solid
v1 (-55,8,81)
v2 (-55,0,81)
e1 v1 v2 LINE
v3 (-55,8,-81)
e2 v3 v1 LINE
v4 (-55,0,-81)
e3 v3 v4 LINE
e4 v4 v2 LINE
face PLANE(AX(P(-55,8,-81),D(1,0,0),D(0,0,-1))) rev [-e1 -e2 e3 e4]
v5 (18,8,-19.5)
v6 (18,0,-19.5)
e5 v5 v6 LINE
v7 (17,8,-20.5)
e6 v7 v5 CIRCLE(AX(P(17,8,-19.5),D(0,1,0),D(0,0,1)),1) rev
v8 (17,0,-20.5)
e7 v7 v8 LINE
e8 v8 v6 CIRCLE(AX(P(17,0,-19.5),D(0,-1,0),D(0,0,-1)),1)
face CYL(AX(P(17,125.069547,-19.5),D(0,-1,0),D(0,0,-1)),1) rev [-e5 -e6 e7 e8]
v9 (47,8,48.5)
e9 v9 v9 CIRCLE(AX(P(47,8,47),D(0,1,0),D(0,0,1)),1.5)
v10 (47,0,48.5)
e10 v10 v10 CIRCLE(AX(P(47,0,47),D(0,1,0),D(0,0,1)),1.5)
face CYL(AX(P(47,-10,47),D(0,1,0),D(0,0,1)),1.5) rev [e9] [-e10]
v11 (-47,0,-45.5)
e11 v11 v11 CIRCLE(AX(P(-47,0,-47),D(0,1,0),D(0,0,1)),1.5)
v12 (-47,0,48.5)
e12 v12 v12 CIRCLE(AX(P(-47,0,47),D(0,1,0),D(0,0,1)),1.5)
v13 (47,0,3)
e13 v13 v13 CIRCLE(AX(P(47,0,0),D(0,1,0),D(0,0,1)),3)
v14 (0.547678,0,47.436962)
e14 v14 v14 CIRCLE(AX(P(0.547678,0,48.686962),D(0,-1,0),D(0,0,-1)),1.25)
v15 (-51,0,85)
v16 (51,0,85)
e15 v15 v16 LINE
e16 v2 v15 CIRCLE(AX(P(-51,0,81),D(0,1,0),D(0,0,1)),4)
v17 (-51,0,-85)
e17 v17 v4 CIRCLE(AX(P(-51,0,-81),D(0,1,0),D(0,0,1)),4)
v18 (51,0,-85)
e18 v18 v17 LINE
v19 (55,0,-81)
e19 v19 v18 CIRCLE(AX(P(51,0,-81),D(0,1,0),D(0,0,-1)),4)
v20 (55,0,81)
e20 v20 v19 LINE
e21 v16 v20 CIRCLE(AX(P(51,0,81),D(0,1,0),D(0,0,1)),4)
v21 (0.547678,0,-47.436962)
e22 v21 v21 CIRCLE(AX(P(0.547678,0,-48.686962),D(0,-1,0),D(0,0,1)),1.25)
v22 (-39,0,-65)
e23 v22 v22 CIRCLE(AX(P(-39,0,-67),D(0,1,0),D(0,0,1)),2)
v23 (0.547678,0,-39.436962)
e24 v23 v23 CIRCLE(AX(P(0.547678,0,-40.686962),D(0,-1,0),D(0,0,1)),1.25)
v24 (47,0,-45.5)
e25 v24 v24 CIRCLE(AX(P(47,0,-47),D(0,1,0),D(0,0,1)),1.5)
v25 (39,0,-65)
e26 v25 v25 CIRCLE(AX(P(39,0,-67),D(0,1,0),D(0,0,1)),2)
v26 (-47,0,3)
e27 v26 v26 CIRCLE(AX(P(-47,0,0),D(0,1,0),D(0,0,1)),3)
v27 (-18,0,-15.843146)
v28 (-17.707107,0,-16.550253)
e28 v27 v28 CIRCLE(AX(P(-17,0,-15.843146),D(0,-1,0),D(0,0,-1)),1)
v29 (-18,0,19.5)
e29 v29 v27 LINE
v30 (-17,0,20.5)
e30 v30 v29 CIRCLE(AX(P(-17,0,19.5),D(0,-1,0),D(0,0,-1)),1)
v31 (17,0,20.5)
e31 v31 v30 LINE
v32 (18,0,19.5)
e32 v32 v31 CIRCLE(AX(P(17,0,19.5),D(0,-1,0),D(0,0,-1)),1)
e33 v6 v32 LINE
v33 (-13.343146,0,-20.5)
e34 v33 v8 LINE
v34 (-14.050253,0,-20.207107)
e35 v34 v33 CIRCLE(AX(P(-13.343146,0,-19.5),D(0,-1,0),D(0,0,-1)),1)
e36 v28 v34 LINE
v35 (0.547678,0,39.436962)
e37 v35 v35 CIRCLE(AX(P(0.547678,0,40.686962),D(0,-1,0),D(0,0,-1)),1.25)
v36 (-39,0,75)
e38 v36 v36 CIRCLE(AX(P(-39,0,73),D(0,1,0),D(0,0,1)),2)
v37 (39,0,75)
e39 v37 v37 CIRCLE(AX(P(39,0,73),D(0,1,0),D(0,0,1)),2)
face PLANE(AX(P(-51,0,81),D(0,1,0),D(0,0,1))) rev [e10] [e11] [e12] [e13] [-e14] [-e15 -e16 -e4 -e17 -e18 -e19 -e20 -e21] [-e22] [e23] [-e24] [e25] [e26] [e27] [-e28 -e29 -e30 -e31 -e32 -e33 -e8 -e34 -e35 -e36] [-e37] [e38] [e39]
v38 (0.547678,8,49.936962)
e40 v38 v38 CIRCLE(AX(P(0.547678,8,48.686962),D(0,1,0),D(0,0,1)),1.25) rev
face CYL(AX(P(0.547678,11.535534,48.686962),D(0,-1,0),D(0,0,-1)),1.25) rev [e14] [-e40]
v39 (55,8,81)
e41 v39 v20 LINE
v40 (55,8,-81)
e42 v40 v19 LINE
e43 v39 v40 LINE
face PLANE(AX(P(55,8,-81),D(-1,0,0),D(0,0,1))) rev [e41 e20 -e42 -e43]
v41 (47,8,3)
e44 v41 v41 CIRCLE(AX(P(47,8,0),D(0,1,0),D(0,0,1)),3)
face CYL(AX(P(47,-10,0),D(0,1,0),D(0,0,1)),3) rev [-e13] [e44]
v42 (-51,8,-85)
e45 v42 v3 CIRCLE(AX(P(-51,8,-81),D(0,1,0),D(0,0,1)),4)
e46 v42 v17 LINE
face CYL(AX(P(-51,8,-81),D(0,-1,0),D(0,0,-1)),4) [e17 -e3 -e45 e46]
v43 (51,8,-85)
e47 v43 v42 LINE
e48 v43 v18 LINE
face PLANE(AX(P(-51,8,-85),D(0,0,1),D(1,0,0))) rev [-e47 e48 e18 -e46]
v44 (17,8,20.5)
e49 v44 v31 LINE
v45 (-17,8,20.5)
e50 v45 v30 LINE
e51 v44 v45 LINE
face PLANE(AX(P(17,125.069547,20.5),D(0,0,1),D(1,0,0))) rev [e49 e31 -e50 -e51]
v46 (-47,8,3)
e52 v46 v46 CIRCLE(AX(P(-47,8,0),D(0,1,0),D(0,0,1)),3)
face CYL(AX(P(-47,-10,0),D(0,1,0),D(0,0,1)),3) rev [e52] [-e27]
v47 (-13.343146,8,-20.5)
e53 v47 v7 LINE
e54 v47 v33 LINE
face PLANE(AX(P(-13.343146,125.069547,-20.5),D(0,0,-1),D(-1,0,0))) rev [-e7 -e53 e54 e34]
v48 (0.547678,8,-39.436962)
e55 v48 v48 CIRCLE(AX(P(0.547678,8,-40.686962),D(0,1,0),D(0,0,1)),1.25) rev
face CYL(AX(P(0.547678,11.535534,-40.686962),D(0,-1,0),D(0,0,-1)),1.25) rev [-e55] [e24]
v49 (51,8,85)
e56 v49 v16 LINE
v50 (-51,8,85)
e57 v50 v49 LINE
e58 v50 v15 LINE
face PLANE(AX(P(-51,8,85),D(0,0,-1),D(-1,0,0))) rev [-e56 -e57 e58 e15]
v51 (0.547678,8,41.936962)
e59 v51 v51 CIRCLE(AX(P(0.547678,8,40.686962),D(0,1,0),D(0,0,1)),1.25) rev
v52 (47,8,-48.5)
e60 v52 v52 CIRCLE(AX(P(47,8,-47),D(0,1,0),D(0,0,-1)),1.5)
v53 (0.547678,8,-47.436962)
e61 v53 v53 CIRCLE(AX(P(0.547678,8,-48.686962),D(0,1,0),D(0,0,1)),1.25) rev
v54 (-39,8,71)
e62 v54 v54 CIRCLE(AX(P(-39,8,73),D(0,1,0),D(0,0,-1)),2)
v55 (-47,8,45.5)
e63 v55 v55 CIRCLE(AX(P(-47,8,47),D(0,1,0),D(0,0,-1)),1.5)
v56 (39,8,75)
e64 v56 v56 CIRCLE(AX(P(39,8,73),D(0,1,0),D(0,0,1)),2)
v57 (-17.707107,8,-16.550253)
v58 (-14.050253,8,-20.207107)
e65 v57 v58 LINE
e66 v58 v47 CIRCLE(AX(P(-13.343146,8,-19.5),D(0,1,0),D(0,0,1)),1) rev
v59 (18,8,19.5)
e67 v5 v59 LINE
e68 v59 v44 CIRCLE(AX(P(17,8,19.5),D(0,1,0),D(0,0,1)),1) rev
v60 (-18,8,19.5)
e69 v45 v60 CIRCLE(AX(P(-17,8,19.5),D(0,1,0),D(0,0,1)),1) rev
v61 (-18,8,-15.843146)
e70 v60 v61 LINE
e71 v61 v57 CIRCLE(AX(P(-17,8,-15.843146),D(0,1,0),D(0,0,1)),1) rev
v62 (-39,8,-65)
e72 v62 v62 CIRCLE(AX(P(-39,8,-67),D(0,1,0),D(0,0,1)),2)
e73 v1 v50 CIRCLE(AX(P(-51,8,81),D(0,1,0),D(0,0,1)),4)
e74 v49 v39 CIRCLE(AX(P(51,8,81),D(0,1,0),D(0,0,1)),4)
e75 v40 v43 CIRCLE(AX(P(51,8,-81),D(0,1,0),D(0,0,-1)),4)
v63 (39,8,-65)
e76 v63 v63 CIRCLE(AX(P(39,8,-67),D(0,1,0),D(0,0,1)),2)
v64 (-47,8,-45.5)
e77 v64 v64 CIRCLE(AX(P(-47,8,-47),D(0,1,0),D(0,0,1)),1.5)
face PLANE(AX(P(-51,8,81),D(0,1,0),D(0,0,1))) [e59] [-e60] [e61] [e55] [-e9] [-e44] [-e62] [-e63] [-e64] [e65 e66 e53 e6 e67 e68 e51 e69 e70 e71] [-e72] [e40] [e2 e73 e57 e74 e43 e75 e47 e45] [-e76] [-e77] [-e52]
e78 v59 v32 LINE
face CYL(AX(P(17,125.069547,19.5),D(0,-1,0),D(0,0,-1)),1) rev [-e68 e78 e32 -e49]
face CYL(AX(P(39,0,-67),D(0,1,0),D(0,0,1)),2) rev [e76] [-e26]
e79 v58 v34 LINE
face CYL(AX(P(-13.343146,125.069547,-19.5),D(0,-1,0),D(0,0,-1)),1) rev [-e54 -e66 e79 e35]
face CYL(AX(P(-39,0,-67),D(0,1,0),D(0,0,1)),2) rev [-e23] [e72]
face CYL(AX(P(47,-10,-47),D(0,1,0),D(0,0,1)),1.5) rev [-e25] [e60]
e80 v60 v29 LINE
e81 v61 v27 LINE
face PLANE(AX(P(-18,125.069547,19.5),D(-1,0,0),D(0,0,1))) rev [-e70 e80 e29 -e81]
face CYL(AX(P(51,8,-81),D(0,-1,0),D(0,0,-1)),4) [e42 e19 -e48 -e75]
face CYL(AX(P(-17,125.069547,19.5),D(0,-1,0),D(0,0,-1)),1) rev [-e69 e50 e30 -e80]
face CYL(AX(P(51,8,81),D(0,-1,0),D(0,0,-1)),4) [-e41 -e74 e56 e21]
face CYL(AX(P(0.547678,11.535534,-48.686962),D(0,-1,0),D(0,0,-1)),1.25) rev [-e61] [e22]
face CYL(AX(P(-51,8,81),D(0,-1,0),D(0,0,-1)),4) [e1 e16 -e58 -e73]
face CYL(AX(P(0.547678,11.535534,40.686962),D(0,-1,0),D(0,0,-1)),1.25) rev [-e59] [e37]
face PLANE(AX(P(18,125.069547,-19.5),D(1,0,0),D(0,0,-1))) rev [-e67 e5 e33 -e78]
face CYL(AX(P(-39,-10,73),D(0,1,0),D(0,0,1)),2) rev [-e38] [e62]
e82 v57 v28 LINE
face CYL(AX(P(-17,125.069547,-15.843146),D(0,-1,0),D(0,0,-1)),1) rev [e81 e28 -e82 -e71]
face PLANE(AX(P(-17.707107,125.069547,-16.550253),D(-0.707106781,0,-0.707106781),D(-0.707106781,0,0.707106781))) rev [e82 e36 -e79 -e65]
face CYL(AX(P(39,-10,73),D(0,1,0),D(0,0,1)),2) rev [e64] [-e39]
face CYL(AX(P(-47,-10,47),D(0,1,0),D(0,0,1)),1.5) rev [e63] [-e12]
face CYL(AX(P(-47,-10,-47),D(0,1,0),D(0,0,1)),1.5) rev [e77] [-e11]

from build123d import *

# Parameters (mm, degrees)
SALIENTE_EXTRUIR1_DEPTH = 8
CROQUIS2_R              = 2
CROQUIS2_R_2            = 1.5
CROQUIS2_R_3            = 3
CORTAR_EXTRUIR1_DEPTH   = 18
CROQUIS3_W              = 36
CROQUIS3_H              = 41
CORTAR_EXTRUIR2_DEPTH   = 8
CROQUIS4_W              = 50
CROQUIS4_H              = 90
CORTAR_EXTRUIR3_DEPTH   = 8
CROQUIS5_W              = 59.93105858
CROQUIS5_H              = 100.56613239
SALIENTE_EXTRUIR2_DEPTH = 8
CROQUIS7_W              = 94.273148937
CROQUIS7_H              = 8.636825756
SALIENTE_EXTRUIR3_DEPTH = 8
CROQUIS8_R              = 2
CORTAR_EXTRUIR4_DEPTH   = 102.557865279
CROQUIS9_R              = 1.25
CORTAR_EXTRUIR5_DEPTH   = 8


with BuildPart() as part:
    # Croquis1 → Saliente-Extruir1 (new body)
    with BuildSketch(Plane(origin=(0, 0, 0), x_dir=(1, 0, 0), z_dir=(0, 1, 0))):
        with BuildLine():
            Line((-51, 85), (51, 85))
            ThreePointArc((51, 85), (53.828427125, 83.828427125), (55, 81))
            Line((55, 81), (55, -81))
            ThreePointArc((55, -81), (53.828427125, -83.828427125), (51, -85))
            Line((51, -85), (-51, -85))
            ThreePointArc((-51, -85), (-53.828427125, -83.828427125), (-55, -81))
            Line((-55, -81), (-55, 81))
            ThreePointArc((-55, 81), (-53.828427125, 83.828427125), (-51, 85))
        make_face()
    extrude(amount=SALIENTE_EXTRUIR1_DEPTH)

    # Croquis2 → Cortar-Extruir1 (cut)
    with BuildSketch(Plane(origin=(0, 8, 0), x_dir=(1, 0, 0), z_dir=(0, 1, 0))):
        with Locations(Location((-39, 73, 0), (0, 0, 270))):
            Circle(CROQUIS2_R)
        with Locations(Location((-47, 47, 0), (0, 0, 270))):
            Circle(CROQUIS2_R_2)
        with Locations(Location((47, 47, 0), (0, 0, 270))):
            Circle(CROQUIS2_R_2)
        with Locations(Location((39, 73, 0), (0, 0, 270))):
            Circle(CROQUIS2_R)
        with Locations(Location((39, -73, 0), (0, 0, 270))):
            Circle(CROQUIS2_R)
        with Locations(Location((47, -47, 0), (0, 0, 270))):
            Circle(CROQUIS2_R_2)
        with Locations(Location((-47, -47, 0), (0, 0, 270))):
            Circle(CROQUIS2_R_2)
        with Locations(Location((-39, -73, 0), (0, 0, 270))):
            Circle(CROQUIS2_R)
        with Locations(Location((-47, 0, 0), (0, 0, 270))):
            Circle(CROQUIS2_R_3)
        with Locations(Location((47, 0, 0), (0, 0, 270))):
            Circle(CROQUIS2_R_3)
    extrude(amount=-CORTAR_EXTRUIR1_DEPTH, mode=Mode.SUBTRACT)

    # Croquis3 → Cortar-Extruir2 (cut)
    with BuildSketch(Plane(origin=(0, 8, 0), x_dir=(1, 0, 0), z_dir=(0, 1, 0))):
        Rectangle(CROQUIS3_W, CROQUIS3_H)
    extrude(amount=-CORTAR_EXTRUIR2_DEPTH, mode=Mode.SUBTRACT)

    # Croquis4 → Cortar-Extruir3 (cut)
    with BuildSketch(Plane.XZ):
        Rectangle(CROQUIS4_W, CROQUIS4_H)
    extrude(amount=-CORTAR_EXTRUIR3_DEPTH, mode=Mode.SUBTRACT)

    # Croquis5 → Saliente-Extruir2 (add)
    with BuildSketch(Plane.XZ):
        with Locations((0.580457048, 0.547604551)):
            Rectangle(CROQUIS5_W, CROQUIS5_H)
        with BuildLine():
            Line((-13.343145751, -20.5), (17, -20.5))
            ThreePointArc((17, -20.5), (17.707106781, -20.207106781), (18, -19.5))
            Line((18, -19.5), (18, 19.5))
            ThreePointArc((18, 19.5), (17.707106781, 20.207106781), (17, 20.5))
            Line((17, 20.5), (-17, 20.5))
            ThreePointArc((-17, 20.5), (-17.707106781, 20.207106781), (-18, 19.5))
            Line((-18, 19.5), (-18, -15.843145751))
            ThreePointArc((-18, -15.843145751), (-17.923879533, -16.225829183), (-17.707106781, -16.550252532))
            Line((-17.707106781, -16.550252532), (-14.050252532, -20.207106781))
            ThreePointArc((-14.050252532, -20.207106781), (-13.725829183, -20.423879533), (-13.343145751, -20.5))
        make_face(mode=Mode.SUBTRACT)
    extrude(amount=-SALIENTE_EXTRUIR2_DEPTH)

    # Croquis7 → Saliente-Extruir3 (add)
    with BuildSketch(Plane(origin=(0, 8, 0), x_dir=(1, 0, 0), z_dir=(0, 1, 0))):
        with Locations((1.18677705, 71.991192559)):
            Rectangle(CROQUIS7_W, CROQUIS7_H)
    extrude(amount=-SALIENTE_EXTRUIR3_DEPTH)

    # Croquis8 → Cortar-Extruir4 (cut, through all)
    with BuildSketch(Plane(origin=(0, 8, 0), x_dir=(1, 0, 0), z_dir=(0, 1, 0))):
        with Locations(Location((-39, 67, 0), (0, 0, 270))):
            Circle(CROQUIS8_R)
        with Locations(Location((39, 67, 0), (0, 0, 270))):
            Circle(CROQUIS8_R)
    extrude(amount=-CORTAR_EXTRUIR4_DEPTH, mode=Mode.SUBTRACT)

    # Croquis9 → Cortar-Extruir5 (cut)
    with BuildSketch(Plane.XZ):
        with Locations(Location((0.547678372, 40.686961559, 0), (0, 0, 270))):
            Circle(CROQUIS9_R)
        with Locations(Location((0.547678372, 48.686961559, 0), (0, 0, 270))):
            Circle(CROQUIS9_R)
        with Locations(Location((0.547678372, -48.686961559, 0), (0, 0, 90))):
            Circle(CROQUIS9_R)
        with Locations(Location((0.547678372, -40.686961559, 0), (0, 0, 90))):
            Circle(CROQUIS9_R)
    extrude(amount=-CORTAR_EXTRUIR5_DEPTH, mode=Mode.SUBTRACT)


solid = part.part
